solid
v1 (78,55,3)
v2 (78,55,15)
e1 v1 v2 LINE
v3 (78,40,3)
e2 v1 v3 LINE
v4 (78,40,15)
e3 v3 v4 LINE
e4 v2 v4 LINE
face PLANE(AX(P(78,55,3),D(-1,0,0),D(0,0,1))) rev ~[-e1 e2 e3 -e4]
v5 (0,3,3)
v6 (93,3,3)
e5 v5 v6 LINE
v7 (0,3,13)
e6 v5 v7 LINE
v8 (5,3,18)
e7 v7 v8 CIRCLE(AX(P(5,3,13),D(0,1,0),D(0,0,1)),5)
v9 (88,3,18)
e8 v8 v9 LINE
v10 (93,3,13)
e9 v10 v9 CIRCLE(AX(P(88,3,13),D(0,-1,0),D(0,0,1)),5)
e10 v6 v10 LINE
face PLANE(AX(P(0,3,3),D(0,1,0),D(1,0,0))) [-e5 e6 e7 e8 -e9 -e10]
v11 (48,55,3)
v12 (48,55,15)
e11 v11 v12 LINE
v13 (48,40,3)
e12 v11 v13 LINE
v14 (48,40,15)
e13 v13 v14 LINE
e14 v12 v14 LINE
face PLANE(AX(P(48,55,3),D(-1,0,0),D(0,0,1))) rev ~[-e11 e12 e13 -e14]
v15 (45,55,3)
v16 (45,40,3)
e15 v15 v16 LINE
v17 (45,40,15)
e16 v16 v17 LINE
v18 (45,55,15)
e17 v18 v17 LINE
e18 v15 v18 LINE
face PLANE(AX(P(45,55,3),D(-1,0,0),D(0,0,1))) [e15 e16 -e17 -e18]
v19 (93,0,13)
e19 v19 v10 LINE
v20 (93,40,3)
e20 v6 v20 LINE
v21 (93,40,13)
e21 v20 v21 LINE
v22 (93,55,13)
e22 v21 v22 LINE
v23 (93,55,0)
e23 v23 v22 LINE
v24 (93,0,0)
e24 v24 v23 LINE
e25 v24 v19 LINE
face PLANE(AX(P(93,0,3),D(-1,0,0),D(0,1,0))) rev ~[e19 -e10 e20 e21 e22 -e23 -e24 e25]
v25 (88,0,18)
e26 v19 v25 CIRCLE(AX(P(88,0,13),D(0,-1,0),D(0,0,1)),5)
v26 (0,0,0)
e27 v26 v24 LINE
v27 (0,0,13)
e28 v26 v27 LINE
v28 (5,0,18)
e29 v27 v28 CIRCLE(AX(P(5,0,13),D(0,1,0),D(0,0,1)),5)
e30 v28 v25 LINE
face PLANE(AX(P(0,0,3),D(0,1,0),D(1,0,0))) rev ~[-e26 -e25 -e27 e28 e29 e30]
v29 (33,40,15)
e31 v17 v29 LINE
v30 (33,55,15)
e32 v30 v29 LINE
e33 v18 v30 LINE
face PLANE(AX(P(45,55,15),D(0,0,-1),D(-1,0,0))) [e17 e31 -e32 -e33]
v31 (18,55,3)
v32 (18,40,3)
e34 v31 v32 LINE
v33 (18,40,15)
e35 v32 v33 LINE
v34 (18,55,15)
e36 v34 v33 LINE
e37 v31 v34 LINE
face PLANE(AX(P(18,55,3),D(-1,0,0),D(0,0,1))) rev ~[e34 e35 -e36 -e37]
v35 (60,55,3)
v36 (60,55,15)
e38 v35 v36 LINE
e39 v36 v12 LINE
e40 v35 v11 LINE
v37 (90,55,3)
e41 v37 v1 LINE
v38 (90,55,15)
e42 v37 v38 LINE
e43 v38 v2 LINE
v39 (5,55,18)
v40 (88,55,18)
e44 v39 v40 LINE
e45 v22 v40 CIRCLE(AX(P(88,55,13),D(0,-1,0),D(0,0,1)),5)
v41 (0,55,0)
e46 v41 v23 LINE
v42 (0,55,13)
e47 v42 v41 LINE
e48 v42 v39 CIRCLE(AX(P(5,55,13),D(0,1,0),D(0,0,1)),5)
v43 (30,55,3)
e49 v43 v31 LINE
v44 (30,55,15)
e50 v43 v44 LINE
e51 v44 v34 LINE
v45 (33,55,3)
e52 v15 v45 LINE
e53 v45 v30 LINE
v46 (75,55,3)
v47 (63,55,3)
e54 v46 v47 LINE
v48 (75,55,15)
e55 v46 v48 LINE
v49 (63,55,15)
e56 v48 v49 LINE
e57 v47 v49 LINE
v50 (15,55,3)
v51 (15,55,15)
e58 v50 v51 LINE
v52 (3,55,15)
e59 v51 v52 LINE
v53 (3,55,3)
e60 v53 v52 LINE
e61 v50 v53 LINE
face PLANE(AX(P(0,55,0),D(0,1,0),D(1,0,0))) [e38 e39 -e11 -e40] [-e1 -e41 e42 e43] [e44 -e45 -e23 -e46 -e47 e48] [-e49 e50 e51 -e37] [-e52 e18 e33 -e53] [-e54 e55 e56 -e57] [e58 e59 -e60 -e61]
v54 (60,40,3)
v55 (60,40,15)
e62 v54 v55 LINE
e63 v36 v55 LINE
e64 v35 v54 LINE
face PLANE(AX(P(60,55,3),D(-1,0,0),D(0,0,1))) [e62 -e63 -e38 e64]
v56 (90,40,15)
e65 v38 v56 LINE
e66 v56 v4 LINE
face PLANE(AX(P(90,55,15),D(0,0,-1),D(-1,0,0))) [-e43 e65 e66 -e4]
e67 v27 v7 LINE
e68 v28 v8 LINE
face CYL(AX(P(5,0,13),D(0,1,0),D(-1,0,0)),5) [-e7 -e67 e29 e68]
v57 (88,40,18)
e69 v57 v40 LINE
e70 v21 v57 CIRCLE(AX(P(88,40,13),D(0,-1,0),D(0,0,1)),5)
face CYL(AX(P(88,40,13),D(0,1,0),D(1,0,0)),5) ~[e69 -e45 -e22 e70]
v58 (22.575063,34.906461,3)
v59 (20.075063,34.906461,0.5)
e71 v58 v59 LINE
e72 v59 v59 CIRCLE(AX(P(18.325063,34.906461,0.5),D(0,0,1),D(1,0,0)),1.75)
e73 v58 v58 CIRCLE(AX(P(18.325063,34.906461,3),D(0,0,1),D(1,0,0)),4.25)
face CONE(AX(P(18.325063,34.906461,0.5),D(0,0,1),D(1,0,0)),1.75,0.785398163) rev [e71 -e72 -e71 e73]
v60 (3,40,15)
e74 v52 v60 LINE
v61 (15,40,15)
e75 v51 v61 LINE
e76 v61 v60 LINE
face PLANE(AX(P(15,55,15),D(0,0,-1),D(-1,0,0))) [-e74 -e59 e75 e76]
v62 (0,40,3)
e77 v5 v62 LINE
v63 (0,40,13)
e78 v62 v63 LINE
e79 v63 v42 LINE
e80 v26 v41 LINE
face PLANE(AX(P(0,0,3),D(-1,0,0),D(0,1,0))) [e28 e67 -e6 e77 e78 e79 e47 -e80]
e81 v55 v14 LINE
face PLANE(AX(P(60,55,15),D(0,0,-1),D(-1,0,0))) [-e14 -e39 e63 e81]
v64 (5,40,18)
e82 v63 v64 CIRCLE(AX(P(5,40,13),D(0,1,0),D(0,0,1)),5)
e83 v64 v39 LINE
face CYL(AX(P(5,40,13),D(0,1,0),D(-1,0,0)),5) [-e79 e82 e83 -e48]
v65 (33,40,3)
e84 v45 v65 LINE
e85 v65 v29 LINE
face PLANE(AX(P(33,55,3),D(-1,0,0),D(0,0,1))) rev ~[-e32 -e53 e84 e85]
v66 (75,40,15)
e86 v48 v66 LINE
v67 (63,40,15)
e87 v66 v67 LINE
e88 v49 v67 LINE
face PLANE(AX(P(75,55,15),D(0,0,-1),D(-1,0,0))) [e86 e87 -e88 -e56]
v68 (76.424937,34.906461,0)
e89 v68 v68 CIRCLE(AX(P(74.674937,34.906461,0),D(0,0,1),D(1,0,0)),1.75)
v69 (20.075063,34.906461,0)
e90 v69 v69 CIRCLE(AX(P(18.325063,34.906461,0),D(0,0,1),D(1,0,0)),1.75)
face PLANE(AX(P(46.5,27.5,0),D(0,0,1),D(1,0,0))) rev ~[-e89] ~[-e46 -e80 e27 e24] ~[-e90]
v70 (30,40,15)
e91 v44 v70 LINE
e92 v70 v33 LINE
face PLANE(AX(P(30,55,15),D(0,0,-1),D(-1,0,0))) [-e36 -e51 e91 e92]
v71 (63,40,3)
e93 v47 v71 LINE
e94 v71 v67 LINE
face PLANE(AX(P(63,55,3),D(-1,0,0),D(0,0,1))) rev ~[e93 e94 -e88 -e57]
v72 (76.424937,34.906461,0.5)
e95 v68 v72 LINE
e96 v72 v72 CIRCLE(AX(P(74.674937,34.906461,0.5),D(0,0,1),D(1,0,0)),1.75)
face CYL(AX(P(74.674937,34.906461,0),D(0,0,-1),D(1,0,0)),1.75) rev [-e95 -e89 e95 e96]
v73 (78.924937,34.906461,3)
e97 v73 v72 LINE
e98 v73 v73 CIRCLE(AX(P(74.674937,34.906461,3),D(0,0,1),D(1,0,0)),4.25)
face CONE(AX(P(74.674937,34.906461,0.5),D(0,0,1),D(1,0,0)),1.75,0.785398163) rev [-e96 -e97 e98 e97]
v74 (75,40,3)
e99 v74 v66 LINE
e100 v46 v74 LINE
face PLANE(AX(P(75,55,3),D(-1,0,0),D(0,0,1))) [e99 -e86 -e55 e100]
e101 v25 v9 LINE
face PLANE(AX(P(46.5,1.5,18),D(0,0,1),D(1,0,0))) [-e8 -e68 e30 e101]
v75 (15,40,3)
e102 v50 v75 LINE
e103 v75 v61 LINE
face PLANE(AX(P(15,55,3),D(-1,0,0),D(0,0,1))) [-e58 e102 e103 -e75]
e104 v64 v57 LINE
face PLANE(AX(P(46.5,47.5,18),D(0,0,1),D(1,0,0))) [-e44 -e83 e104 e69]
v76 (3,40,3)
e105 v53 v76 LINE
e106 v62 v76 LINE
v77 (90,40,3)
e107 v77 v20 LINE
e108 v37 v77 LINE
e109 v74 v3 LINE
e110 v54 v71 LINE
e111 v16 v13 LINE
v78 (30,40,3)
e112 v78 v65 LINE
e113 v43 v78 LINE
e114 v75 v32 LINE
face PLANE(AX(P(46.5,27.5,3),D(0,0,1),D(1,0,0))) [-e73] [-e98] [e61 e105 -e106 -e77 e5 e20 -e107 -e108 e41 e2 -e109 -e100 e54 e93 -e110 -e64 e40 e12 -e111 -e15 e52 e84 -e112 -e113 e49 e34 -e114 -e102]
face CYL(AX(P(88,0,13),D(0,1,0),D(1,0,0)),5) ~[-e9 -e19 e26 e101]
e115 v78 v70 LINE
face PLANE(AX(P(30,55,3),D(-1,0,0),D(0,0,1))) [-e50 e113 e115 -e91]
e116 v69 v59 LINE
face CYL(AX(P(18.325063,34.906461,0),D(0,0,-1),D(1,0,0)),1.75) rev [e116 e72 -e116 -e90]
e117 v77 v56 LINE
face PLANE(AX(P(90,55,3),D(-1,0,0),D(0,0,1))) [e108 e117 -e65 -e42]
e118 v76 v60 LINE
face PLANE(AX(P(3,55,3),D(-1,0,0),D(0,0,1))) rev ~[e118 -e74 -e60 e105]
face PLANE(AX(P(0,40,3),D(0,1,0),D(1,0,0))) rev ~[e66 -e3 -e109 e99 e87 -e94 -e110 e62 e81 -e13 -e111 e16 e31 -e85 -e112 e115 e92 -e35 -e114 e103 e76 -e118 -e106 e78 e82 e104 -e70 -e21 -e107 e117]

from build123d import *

# Parameters (mm, degrees)
F0_W     = 93
F0_H     = 55
F0_R     = 1.75
F1_DEPTH = 3
F2_W     = 93
F2_H     = 3
F2_H_2   = 15
F3_DEPTH = 15
F4_W     = 12
F4_H     = 12
F5_DEPTH = 15
F6_SIZE  = 2.5
F7_R     = 5


with BuildPart() as f1:
    # F0 (on Top) → F1 (new body)
    with BuildSketch(Plane.XY):
        with Locations((46.5, 27.5)):
            Rectangle(F0_W, F0_H)
        with Locations((18.325063, 34.906461)):
            Circle(F0_R, mode=Mode.SUBTRACT)
        with Locations((74.674937, 34.906461)):
            Circle(F0_R, mode=Mode.SUBTRACT)
    extrude(amount=F1_DEPTH)

    # F2 (on face) → F3 (join)
    with BuildSketch(Plane.XY.offset(3)):
        with Locations((46.5, 1.5)):
            Rectangle(F2_W, F2_H)
        with Locations((46.5, 47.5)):
            Rectangle(F2_W, F2_H_2)
    extrude(amount=F3_DEPTH)

    # F4 (on face) → F5 (cut, through all)
    with BuildSketch(Plane(origin=(0, 55, 0), x_dir=(-1, 0, 0), z_dir=(0, 1, 0))):
        with Locations((-84, 9)):
            Rectangle(F4_W, F4_H)
        with Locations((-69, 9)):
            Rectangle(F4_W, F4_H)
        with Locations((-54, 9)):
            Rectangle(F4_W, F4_H)
        with Locations((-39, 9)):
            Rectangle(F4_W, F4_H)
        with Locations((-24, 9)):
            Rectangle(F4_W, F4_H)
        with Locations((-9, 9)):
            Rectangle(F4_W, F4_H)
    extrude(amount=-F5_DEPTH, mode=Mode.SUBTRACT)

    # F6
    f6_edges = [f1.edges().sort_by_distance(p)[0] for p in [
        (16.575063, 34.906461, 3),
        (72.924937, 34.906461, 3),
    ]]
    chamfer(f6_edges, length=F6_SIZE)

    # F7
    f7_edges = [f1.edges().sort_by_distance(p)[0] for p in [
        (0, 47.5, 18),
        (93, 47.5, 18),
        (93, 1.5, 18),
        (0, 1.5, 18),
    ]]
    fillet(f7_edges, radius=F7_R)


solid = f1.part
